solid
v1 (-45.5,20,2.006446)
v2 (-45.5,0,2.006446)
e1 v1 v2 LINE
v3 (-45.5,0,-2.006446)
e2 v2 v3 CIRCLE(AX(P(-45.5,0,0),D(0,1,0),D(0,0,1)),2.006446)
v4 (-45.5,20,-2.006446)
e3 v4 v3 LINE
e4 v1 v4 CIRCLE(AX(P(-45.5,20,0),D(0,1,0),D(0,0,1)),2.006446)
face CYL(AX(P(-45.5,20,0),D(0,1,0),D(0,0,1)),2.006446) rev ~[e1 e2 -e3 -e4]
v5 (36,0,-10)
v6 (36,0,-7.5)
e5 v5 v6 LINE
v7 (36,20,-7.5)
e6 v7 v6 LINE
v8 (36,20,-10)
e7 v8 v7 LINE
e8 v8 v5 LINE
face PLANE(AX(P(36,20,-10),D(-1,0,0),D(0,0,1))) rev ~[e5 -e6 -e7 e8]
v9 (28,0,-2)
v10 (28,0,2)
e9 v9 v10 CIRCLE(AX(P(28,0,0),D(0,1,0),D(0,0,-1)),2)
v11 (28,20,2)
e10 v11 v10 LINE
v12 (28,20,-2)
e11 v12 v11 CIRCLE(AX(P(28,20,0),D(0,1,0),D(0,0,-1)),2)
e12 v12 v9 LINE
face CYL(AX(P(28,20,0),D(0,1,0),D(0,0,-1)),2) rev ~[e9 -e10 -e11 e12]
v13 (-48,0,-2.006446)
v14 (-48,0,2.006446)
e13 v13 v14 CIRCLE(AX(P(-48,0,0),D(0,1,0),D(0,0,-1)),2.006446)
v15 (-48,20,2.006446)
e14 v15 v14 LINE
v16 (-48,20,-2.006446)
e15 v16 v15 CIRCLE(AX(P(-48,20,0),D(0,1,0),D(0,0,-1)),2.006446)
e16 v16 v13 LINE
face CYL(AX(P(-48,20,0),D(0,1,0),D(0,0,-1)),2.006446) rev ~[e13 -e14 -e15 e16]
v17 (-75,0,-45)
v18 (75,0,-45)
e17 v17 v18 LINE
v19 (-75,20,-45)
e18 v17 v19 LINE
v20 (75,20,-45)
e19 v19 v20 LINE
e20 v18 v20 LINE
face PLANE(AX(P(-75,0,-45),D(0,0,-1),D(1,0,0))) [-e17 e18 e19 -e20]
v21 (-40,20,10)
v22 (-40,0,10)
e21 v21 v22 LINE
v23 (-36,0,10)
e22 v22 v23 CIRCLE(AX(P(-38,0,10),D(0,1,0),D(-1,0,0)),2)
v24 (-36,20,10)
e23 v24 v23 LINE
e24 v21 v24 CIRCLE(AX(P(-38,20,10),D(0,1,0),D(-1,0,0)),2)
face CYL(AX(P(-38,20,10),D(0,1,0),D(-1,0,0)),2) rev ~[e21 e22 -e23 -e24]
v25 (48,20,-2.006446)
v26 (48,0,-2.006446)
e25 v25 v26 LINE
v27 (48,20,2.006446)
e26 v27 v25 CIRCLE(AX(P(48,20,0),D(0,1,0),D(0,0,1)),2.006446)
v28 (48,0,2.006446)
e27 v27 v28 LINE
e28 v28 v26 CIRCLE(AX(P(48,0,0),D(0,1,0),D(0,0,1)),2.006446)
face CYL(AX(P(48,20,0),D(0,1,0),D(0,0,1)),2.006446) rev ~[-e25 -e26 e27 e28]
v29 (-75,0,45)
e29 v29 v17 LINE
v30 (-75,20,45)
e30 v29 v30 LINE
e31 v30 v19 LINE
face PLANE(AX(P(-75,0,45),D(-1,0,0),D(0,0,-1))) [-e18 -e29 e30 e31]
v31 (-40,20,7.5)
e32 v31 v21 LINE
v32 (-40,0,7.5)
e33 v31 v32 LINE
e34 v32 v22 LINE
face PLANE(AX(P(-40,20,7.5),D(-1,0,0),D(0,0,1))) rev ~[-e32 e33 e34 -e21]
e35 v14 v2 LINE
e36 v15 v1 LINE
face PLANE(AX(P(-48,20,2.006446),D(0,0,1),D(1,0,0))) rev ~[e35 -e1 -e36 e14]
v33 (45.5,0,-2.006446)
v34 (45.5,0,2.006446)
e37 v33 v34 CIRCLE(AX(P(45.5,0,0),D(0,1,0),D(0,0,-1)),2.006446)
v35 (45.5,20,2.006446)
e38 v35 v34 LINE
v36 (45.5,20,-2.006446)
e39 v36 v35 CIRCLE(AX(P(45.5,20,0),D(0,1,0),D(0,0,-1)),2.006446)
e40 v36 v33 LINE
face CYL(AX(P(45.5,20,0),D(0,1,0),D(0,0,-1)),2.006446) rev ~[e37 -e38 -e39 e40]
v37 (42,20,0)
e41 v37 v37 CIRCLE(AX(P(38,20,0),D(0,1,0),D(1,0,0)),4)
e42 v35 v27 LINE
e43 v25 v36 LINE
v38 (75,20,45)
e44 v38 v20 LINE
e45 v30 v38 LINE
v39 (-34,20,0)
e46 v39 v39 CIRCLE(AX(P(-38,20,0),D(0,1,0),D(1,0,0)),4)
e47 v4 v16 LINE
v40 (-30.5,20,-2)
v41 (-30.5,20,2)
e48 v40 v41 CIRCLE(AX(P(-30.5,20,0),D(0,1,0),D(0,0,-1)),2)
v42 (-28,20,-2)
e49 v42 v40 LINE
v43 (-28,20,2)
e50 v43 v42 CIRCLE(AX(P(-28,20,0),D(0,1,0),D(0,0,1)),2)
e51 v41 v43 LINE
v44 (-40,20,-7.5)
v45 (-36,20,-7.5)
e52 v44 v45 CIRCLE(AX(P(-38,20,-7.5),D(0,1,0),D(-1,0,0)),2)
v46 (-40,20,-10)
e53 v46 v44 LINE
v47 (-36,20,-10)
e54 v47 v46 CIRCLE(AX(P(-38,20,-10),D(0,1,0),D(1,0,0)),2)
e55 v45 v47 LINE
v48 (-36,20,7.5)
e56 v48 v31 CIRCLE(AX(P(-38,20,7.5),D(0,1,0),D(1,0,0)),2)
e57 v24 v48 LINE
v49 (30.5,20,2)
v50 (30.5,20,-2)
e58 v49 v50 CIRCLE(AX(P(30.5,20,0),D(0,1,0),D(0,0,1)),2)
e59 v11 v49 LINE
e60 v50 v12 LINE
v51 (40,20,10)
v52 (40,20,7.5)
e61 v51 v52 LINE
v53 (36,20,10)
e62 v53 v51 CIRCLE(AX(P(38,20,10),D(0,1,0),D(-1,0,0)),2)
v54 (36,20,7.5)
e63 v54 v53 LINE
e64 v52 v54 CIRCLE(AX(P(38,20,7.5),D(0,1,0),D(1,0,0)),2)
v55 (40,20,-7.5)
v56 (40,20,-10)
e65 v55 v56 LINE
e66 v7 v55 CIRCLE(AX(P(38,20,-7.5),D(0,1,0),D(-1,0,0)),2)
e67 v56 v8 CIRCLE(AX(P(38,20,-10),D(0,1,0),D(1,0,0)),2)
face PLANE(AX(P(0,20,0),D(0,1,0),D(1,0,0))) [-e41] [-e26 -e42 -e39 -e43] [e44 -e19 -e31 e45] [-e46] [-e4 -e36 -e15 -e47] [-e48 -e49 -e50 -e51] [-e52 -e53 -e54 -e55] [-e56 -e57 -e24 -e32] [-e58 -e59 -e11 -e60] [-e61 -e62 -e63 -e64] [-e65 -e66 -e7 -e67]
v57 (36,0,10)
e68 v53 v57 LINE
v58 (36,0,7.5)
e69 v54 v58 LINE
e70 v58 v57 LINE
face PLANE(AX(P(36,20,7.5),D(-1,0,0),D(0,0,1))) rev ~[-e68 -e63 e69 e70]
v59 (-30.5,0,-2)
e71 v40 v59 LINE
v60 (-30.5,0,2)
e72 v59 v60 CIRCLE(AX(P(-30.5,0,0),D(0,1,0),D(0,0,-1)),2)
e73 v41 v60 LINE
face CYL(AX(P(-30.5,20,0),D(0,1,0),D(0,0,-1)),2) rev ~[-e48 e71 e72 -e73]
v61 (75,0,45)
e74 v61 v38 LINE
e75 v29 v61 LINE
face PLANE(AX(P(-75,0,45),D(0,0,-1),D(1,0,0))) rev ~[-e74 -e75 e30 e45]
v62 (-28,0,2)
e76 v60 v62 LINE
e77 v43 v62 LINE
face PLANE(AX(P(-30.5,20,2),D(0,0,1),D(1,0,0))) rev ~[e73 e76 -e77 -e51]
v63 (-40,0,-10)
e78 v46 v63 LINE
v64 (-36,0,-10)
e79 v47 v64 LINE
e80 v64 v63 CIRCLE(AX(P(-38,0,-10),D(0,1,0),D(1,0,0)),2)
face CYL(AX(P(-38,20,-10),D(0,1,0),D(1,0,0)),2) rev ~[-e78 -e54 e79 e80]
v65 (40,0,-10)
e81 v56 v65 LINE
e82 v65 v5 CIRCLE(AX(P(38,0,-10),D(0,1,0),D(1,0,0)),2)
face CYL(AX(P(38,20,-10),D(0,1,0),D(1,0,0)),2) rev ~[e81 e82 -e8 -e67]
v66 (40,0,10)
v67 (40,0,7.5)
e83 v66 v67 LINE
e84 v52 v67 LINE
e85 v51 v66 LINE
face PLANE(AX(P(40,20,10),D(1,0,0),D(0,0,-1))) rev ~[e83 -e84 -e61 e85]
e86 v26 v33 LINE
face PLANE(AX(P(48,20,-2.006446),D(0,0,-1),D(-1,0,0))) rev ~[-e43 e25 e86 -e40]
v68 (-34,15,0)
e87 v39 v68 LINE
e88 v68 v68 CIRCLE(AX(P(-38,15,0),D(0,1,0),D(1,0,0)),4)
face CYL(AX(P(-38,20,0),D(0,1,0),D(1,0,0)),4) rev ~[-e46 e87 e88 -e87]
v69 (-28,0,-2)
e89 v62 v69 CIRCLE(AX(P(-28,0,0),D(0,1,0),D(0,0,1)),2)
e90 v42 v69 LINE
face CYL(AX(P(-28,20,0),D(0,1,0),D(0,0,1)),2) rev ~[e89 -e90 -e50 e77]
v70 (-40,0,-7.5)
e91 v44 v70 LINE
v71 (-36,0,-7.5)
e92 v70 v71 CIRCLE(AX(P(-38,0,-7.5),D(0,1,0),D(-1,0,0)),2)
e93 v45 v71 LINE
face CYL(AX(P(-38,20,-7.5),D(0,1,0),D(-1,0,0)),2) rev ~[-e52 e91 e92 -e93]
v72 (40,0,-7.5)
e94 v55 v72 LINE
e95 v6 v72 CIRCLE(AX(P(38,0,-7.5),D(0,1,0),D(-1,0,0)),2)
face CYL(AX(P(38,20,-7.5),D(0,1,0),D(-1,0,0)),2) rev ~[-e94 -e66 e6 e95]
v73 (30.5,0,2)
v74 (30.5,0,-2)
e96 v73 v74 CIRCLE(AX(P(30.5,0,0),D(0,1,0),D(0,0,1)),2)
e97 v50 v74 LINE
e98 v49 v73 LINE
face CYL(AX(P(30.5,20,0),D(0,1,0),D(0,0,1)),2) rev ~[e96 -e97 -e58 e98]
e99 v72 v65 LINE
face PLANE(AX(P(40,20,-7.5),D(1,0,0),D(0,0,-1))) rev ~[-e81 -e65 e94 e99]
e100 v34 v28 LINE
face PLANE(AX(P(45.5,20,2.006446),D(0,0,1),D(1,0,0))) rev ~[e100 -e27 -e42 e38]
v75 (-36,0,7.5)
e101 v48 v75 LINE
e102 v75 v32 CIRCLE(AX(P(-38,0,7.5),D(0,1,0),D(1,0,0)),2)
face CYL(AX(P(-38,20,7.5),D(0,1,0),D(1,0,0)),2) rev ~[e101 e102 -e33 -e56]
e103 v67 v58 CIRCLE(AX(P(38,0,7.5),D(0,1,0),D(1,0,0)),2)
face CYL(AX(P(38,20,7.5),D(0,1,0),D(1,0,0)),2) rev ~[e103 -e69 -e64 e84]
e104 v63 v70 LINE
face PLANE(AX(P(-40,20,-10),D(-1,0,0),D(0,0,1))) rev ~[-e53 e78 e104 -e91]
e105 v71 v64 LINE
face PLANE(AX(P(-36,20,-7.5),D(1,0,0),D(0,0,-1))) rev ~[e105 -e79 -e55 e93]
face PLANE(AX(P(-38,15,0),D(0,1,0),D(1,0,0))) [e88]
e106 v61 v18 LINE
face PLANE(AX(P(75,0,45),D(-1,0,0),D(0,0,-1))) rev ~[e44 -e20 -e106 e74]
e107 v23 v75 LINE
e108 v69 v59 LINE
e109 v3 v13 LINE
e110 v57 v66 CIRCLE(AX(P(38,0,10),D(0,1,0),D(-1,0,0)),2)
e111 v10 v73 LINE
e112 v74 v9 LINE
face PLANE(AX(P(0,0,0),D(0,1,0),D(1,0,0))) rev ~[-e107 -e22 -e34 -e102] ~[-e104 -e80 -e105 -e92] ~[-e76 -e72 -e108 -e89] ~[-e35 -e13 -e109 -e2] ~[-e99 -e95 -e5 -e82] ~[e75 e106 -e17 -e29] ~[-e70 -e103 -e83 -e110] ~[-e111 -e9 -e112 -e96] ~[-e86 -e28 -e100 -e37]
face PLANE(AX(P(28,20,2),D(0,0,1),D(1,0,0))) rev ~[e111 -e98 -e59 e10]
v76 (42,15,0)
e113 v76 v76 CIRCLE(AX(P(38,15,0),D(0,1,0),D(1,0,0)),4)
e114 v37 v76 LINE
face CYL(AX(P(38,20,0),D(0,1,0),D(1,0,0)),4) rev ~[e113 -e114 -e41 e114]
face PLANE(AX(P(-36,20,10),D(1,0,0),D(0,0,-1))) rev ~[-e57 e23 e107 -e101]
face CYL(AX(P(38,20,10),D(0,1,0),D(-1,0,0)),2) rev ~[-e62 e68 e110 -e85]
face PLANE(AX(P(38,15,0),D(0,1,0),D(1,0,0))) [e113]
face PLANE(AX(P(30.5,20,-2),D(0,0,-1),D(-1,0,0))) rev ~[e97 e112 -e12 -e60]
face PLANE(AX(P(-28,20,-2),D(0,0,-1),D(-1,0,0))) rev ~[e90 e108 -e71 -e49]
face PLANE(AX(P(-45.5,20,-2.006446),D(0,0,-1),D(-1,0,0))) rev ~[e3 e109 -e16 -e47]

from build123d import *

# Parameters (mm, degrees)
SKETCH2_W           = 150
SKETCH2_H           = 90
BOSS_EXTRUDE1_DEPTH = 20
SKETCH3_R           = 4
CUT_EXTRUDE1_DEPTH  = 5
CUT_EXTRUDE2_DEPTH  = 21


with BuildPart() as part:
    # Sketch2 → Boss-Extrude1 (new body)
    with BuildSketch(Plane(origin=(0, 0, 0), x_dir=(1, 0, 0), z_dir=(0, 1, 0))):
        Rectangle(SKETCH2_W, SKETCH2_H)
    extrude(amount=BOSS_EXTRUDE1_DEPTH)

    # Sketch3 → Cut-Extrude1 (cut)
    with BuildSketch(Plane(origin=(0, 20, 0), x_dir=(1, 0, 0), z_dir=(0, 1, 0))):
        with Locations((-38, 0)):
            Circle(SKETCH3_R)
        with Locations((38, 0)):
            Circle(SKETCH3_R)
    extrude(amount=-CUT_EXTRUDE1_DEPTH, mode=Mode.SUBTRACT)

    # Sketch4 → Cut-Extrude2 (cut, through all)
    with BuildSketch(Plane(origin=(0, 20, 0), x_dir=(1, 0, 0), z_dir=(0, 1, 0))):
        with BuildLine():
            Line((-45.5, 2.006446443), (-48, 2.006446443))
            ThreePointArc((-48, 2.006446443), (-50.006446443, 0), (-48, -2.006446443))
            Line((-48, -2.006446443), (-45.5, -2.006446443))
            ThreePointArc((-45.5, -2.006446443), (-43.493553557, 0), (-45.5, 2.006446443))
        make_face()
        with BuildLine():
            Line((-36, 7.5), (-36, 10))
            ThreePointArc((-36, 10), (-38, 12), (-40, 10))
            Line((-40, 10), (-40, 7.5))
            ThreePointArc((-40, 7.5), (-38, 5.5), (-36, 7.5))
        make_face()
        with BuildLine():
            Line((-28, 2), (-30.5, 2))
            ThreePointArc((-30.5, 2), (-32.5, 0), (-30.5, -2))
            Line((-30.5, -2), (-28, -2))
            ThreePointArc((-28, -2), (-26, 0), (-28, 2))
        make_face()
        with BuildLine():
            Line((-40, -7.5), (-40, -10))
            ThreePointArc((-40, -10), (-38, -12), (-36, -10))
            Line((-36, -10), (-36, -7.5))
            ThreePointArc((-36, -7.5), (-38, -5.5), (-40, -7.5))
        make_face()
        with BuildLine():
            ThreePointArc((48, -2.006446443), (50.006446443, 0), (48, 2.006446443))
            Line((48, 2.006446443), (45.5, 2.006446443))
            ThreePointArc((45.5, 2.006446443), (43.493553557, 0), (45.5, -2.006446443))
            Line((45.5, -2.006446443), (48, -2.006446443))
        make_face()
        with BuildLine():
            ThreePointArc((40, 10), (38, 12), (36, 10))
            Line((36, 10), (36, 7.5))
            ThreePointArc((36, 7.5), (38, 5.5), (40, 7.5))
            Line((40, 7.5), (40, 10))
        make_face()
        with BuildLine():
            ThreePointArc((30.5, -2), (32.5, 0), (30.5, 2))
            Line((30.5, 2), (28, 2))
            ThreePointArc((28, 2), (26, 0), (28, -2))
            Line((28, -2), (30.5, -2))
        make_face()
        with BuildLine():
            ThreePointArc((36, -10), (38, -12), (40, -10))
            Line((40, -10), (40, -7.5))
            ThreePointArc((40, -7.5), (38, -5.5), (36, -7.5))
            Line((36, -7.5), (36, -10))
        make_face()
    extrude(amount=-CUT_EXTRUDE2_DEPTH, mode=Mode.SUBTRACT)


solid = part.part
